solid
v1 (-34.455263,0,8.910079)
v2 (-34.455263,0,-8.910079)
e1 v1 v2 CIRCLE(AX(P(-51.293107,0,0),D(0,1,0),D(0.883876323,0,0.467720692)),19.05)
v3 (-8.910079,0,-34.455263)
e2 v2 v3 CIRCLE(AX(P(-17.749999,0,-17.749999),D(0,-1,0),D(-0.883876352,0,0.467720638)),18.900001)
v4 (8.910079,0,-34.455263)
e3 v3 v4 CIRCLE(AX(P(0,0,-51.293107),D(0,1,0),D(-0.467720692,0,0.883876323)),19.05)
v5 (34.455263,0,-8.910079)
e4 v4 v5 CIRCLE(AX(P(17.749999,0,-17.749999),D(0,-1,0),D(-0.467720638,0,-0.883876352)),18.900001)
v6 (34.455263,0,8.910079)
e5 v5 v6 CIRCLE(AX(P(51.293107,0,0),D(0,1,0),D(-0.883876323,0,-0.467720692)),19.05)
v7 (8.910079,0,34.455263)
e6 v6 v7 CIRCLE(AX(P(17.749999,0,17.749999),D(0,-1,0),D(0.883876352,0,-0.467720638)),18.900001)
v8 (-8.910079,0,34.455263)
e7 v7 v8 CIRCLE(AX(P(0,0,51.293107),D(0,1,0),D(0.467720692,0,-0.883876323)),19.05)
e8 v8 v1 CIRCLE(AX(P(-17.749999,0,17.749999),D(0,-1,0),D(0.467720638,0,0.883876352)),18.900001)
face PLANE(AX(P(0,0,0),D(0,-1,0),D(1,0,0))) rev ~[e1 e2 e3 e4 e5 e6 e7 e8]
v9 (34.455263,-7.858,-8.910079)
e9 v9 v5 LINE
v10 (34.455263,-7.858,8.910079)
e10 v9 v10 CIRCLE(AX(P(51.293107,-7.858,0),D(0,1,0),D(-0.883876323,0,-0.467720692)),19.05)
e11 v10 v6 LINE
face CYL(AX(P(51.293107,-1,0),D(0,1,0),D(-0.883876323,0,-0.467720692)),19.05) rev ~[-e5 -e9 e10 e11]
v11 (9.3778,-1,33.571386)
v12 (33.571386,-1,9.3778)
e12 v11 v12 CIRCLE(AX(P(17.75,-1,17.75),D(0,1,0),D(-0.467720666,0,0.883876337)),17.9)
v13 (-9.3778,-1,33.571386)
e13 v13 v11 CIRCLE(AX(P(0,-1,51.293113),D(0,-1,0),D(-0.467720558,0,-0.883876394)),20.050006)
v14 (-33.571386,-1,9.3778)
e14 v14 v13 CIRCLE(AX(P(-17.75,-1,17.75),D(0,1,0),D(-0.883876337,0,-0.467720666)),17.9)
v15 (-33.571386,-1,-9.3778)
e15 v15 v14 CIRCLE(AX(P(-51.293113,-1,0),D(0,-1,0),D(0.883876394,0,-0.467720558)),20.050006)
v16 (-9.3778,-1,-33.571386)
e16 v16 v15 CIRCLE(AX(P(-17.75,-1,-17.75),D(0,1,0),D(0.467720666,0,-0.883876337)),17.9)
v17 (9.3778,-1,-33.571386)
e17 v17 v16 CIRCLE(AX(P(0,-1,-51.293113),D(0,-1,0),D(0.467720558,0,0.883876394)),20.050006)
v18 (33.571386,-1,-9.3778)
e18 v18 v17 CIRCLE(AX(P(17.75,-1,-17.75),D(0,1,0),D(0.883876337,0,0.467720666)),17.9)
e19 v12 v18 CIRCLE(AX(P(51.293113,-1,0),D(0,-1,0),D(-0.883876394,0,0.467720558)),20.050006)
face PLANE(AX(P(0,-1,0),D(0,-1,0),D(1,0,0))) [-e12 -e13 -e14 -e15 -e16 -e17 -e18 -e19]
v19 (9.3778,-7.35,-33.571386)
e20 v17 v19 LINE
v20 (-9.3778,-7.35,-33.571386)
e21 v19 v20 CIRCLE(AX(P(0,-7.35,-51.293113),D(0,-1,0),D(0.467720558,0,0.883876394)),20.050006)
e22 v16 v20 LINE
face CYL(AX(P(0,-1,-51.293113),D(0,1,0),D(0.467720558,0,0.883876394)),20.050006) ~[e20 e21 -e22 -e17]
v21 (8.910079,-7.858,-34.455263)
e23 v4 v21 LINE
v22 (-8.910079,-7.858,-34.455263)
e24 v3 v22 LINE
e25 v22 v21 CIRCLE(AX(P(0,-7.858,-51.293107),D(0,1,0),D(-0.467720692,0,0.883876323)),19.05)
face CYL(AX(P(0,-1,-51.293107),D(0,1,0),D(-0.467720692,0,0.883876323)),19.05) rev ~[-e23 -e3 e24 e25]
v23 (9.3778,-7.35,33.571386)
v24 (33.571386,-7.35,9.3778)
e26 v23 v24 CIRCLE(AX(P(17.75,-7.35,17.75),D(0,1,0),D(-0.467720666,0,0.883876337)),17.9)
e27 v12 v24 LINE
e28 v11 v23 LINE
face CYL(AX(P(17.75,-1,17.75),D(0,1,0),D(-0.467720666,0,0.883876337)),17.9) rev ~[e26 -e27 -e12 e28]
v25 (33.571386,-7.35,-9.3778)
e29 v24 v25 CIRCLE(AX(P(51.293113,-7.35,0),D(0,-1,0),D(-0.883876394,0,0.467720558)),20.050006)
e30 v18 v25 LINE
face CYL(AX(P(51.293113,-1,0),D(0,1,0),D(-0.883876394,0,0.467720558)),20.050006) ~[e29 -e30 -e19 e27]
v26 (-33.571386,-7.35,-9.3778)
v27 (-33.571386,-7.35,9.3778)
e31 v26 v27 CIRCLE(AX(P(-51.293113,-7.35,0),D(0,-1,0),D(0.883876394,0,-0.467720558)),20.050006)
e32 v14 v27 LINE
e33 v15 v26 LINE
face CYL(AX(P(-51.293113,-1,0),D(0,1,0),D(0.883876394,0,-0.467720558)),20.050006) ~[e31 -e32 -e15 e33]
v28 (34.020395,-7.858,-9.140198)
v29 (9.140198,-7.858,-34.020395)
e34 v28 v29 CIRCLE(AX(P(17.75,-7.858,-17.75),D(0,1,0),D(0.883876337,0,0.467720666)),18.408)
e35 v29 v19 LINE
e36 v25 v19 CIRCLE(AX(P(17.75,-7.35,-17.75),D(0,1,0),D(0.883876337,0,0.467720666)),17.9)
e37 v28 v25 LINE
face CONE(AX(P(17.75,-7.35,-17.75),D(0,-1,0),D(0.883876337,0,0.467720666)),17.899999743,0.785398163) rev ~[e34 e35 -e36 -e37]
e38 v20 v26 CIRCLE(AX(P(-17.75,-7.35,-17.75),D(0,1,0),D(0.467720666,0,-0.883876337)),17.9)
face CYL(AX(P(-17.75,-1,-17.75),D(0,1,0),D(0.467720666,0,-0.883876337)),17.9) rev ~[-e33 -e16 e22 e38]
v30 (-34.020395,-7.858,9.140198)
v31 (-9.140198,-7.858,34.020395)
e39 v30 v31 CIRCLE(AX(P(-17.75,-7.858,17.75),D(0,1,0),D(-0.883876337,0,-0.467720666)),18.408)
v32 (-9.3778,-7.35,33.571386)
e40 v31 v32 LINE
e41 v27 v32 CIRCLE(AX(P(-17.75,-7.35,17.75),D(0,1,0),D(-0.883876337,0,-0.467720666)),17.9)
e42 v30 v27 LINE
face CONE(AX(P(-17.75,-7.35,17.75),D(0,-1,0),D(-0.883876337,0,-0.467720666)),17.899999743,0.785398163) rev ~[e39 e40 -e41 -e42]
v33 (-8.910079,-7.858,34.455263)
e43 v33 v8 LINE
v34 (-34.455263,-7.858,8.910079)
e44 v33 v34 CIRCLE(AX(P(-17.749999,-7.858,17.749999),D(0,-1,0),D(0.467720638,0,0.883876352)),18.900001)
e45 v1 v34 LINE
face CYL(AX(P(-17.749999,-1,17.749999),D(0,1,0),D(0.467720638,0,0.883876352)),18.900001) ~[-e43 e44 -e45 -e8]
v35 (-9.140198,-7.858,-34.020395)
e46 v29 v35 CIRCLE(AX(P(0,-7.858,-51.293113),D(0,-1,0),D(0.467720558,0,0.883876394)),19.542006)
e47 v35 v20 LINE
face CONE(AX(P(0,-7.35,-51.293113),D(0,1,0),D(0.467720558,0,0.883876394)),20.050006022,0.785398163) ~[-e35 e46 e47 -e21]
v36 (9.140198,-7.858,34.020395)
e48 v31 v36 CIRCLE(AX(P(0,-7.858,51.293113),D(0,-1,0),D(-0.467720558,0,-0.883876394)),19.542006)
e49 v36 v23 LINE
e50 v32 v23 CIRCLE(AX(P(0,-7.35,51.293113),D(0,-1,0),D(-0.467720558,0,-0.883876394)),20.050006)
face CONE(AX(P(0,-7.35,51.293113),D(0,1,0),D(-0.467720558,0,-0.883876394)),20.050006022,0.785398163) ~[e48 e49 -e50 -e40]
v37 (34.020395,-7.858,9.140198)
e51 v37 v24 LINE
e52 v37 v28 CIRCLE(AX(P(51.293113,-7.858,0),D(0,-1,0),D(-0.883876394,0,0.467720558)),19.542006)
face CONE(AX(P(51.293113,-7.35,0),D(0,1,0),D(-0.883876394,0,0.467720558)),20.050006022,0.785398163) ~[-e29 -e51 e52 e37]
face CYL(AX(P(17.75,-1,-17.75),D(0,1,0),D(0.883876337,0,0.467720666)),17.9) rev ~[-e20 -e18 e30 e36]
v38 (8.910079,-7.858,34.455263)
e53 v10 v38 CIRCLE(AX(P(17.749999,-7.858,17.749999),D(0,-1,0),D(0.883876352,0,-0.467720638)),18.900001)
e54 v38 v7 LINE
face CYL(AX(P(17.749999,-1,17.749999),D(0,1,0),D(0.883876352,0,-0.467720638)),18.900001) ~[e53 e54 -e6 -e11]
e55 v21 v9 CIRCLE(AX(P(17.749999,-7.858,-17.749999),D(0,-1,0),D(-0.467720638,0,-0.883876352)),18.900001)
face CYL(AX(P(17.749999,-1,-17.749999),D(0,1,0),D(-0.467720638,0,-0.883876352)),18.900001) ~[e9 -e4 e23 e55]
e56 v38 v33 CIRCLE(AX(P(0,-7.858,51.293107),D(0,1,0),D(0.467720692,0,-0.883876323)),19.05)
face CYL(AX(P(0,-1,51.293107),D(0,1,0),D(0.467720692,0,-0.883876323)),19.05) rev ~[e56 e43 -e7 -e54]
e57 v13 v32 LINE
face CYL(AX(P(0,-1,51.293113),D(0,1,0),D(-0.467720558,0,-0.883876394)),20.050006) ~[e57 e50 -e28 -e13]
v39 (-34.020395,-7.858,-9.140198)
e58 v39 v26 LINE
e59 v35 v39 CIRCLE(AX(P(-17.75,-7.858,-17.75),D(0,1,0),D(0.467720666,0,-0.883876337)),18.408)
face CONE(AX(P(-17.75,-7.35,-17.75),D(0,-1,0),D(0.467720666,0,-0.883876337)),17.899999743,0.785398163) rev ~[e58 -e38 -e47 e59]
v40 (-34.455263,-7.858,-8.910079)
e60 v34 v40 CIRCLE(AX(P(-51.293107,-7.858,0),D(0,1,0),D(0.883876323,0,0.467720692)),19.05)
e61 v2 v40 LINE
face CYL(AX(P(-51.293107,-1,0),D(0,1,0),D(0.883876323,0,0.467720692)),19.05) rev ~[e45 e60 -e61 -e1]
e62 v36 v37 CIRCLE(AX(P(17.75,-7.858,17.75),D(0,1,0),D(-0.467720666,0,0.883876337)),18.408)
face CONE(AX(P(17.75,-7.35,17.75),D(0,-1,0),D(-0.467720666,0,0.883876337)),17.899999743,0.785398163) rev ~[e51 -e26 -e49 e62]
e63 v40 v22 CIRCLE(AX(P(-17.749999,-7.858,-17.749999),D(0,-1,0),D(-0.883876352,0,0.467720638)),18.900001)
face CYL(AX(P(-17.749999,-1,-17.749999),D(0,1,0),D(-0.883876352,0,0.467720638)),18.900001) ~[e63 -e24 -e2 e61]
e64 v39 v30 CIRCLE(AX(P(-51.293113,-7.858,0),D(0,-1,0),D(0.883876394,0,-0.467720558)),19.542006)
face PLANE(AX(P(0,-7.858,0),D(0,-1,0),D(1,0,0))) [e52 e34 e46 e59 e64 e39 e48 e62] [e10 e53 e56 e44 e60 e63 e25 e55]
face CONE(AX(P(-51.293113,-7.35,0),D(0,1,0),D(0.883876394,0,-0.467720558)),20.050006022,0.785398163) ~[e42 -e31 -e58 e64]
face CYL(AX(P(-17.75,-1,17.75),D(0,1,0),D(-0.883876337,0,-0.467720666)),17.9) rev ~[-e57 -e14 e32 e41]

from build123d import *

# Parameters (mm, degrees)
F1_DEPTH = 1
F3_DEPTH = 6.858
F4_SIZE  = 0.508


with BuildPart() as f1:
    # F0 (on Front) → F1 (new body)
    with BuildSketch(Plane.XZ):
        with BuildLine():
            ThreePointArc((-8.910079, 34.455263), (-31.114318, 31.114318), (-34.455263, 8.910079))
            ThreePointArc((-34.455263, 8.910079), (-32.243107, 0), (-34.455263, -8.910079))
            ThreePointArc((-34.455263, -8.910079), (-31.114318, -31.114318), (-8.910079, -34.455263))
            ThreePointArc((-8.910079, -34.455263), (0, -32.243107), (8.910079, -34.455263))
            ThreePointArc((8.910079, -34.455263), (31.114318, -31.114318), (34.455263, -8.910079))
            ThreePointArc((34.455263, -8.910079), (32.243107, 0), (34.455263, 8.910079))
            ThreePointArc((34.455263, 8.910079), (31.114318, 31.114318), (8.910079, 34.455263))
            ThreePointArc((8.910079, 34.455263), (0, 32.243107), (-8.910079, 34.455263))
        make_face()
    extrude(amount=F1_DEPTH)

    # F2 (on face) → F3 (join)
    with BuildSketch(Plane.XZ.offset(1)):
        with BuildLine():
            ThreePointArc((-8.910079, 34.455263), (-31.114318, 31.114318), (-34.455263, 8.910079))
            ThreePointArc((-34.455263, 8.910079), (-32.243107, 0), (-34.455263, -8.910079))
            ThreePointArc((-34.455263, -8.910079), (-31.114318, -31.114318), (-8.910079, -34.455263))
            ThreePointArc((-8.910079, -34.455263), (0, -32.243107), (8.910079, -34.455263))
            ThreePointArc((8.910079, -34.455263), (31.114318, -31.114318), (34.455263, -8.910079))
            ThreePointArc((34.455263, -8.910079), (32.243107, 0), (34.455263, 8.910079))
            ThreePointArc((34.455263, 8.910079), (31.114318, 31.114318), (8.910079, 34.455263))
            ThreePointArc((8.910079, 34.455263), (0, 32.243107), (-8.910079, 34.455263))
        make_face()
        with BuildLine():
            ThreePointArc((-33.571386, -9.3778), (-31.243107, 0), (-33.571386, 9.3778))
            ThreePointArc((-33.571386, 9.3778), (-30.407211, 30.407211), (-9.3778, 33.571386))
            ThreePointArc((-9.3778, 33.571386), (0, 31.243107), (9.3778, 33.571386))
            ThreePointArc((9.3778, 33.571386), (30.407211, 30.407211), (33.571386, 9.3778))
            ThreePointArc((33.571386, 9.3778), (31.243107, 0), (33.571386, -9.3778))
            ThreePointArc((33.571386, -9.3778), (30.407211, -30.407211), (9.3778, -33.571386))
            ThreePointArc((9.3778, -33.571386), (0, -31.243107), (-9.3778, -33.571386))
            ThreePointArc((-9.3778, -33.571386), (-30.407211, -30.407211), (-33.571386, -9.3778))
        make_face(mode=Mode.SUBTRACT)
    extrude(amount=F3_DEPTH)

    # F4
    f4_edges = [f1.edges().sort_by_distance(p)[0] for p in [
        (-30.407211, -7.858, 30.407211),
    ]]
    chamfer(f4_edges, length=F4_SIZE)


solid = f1.part
